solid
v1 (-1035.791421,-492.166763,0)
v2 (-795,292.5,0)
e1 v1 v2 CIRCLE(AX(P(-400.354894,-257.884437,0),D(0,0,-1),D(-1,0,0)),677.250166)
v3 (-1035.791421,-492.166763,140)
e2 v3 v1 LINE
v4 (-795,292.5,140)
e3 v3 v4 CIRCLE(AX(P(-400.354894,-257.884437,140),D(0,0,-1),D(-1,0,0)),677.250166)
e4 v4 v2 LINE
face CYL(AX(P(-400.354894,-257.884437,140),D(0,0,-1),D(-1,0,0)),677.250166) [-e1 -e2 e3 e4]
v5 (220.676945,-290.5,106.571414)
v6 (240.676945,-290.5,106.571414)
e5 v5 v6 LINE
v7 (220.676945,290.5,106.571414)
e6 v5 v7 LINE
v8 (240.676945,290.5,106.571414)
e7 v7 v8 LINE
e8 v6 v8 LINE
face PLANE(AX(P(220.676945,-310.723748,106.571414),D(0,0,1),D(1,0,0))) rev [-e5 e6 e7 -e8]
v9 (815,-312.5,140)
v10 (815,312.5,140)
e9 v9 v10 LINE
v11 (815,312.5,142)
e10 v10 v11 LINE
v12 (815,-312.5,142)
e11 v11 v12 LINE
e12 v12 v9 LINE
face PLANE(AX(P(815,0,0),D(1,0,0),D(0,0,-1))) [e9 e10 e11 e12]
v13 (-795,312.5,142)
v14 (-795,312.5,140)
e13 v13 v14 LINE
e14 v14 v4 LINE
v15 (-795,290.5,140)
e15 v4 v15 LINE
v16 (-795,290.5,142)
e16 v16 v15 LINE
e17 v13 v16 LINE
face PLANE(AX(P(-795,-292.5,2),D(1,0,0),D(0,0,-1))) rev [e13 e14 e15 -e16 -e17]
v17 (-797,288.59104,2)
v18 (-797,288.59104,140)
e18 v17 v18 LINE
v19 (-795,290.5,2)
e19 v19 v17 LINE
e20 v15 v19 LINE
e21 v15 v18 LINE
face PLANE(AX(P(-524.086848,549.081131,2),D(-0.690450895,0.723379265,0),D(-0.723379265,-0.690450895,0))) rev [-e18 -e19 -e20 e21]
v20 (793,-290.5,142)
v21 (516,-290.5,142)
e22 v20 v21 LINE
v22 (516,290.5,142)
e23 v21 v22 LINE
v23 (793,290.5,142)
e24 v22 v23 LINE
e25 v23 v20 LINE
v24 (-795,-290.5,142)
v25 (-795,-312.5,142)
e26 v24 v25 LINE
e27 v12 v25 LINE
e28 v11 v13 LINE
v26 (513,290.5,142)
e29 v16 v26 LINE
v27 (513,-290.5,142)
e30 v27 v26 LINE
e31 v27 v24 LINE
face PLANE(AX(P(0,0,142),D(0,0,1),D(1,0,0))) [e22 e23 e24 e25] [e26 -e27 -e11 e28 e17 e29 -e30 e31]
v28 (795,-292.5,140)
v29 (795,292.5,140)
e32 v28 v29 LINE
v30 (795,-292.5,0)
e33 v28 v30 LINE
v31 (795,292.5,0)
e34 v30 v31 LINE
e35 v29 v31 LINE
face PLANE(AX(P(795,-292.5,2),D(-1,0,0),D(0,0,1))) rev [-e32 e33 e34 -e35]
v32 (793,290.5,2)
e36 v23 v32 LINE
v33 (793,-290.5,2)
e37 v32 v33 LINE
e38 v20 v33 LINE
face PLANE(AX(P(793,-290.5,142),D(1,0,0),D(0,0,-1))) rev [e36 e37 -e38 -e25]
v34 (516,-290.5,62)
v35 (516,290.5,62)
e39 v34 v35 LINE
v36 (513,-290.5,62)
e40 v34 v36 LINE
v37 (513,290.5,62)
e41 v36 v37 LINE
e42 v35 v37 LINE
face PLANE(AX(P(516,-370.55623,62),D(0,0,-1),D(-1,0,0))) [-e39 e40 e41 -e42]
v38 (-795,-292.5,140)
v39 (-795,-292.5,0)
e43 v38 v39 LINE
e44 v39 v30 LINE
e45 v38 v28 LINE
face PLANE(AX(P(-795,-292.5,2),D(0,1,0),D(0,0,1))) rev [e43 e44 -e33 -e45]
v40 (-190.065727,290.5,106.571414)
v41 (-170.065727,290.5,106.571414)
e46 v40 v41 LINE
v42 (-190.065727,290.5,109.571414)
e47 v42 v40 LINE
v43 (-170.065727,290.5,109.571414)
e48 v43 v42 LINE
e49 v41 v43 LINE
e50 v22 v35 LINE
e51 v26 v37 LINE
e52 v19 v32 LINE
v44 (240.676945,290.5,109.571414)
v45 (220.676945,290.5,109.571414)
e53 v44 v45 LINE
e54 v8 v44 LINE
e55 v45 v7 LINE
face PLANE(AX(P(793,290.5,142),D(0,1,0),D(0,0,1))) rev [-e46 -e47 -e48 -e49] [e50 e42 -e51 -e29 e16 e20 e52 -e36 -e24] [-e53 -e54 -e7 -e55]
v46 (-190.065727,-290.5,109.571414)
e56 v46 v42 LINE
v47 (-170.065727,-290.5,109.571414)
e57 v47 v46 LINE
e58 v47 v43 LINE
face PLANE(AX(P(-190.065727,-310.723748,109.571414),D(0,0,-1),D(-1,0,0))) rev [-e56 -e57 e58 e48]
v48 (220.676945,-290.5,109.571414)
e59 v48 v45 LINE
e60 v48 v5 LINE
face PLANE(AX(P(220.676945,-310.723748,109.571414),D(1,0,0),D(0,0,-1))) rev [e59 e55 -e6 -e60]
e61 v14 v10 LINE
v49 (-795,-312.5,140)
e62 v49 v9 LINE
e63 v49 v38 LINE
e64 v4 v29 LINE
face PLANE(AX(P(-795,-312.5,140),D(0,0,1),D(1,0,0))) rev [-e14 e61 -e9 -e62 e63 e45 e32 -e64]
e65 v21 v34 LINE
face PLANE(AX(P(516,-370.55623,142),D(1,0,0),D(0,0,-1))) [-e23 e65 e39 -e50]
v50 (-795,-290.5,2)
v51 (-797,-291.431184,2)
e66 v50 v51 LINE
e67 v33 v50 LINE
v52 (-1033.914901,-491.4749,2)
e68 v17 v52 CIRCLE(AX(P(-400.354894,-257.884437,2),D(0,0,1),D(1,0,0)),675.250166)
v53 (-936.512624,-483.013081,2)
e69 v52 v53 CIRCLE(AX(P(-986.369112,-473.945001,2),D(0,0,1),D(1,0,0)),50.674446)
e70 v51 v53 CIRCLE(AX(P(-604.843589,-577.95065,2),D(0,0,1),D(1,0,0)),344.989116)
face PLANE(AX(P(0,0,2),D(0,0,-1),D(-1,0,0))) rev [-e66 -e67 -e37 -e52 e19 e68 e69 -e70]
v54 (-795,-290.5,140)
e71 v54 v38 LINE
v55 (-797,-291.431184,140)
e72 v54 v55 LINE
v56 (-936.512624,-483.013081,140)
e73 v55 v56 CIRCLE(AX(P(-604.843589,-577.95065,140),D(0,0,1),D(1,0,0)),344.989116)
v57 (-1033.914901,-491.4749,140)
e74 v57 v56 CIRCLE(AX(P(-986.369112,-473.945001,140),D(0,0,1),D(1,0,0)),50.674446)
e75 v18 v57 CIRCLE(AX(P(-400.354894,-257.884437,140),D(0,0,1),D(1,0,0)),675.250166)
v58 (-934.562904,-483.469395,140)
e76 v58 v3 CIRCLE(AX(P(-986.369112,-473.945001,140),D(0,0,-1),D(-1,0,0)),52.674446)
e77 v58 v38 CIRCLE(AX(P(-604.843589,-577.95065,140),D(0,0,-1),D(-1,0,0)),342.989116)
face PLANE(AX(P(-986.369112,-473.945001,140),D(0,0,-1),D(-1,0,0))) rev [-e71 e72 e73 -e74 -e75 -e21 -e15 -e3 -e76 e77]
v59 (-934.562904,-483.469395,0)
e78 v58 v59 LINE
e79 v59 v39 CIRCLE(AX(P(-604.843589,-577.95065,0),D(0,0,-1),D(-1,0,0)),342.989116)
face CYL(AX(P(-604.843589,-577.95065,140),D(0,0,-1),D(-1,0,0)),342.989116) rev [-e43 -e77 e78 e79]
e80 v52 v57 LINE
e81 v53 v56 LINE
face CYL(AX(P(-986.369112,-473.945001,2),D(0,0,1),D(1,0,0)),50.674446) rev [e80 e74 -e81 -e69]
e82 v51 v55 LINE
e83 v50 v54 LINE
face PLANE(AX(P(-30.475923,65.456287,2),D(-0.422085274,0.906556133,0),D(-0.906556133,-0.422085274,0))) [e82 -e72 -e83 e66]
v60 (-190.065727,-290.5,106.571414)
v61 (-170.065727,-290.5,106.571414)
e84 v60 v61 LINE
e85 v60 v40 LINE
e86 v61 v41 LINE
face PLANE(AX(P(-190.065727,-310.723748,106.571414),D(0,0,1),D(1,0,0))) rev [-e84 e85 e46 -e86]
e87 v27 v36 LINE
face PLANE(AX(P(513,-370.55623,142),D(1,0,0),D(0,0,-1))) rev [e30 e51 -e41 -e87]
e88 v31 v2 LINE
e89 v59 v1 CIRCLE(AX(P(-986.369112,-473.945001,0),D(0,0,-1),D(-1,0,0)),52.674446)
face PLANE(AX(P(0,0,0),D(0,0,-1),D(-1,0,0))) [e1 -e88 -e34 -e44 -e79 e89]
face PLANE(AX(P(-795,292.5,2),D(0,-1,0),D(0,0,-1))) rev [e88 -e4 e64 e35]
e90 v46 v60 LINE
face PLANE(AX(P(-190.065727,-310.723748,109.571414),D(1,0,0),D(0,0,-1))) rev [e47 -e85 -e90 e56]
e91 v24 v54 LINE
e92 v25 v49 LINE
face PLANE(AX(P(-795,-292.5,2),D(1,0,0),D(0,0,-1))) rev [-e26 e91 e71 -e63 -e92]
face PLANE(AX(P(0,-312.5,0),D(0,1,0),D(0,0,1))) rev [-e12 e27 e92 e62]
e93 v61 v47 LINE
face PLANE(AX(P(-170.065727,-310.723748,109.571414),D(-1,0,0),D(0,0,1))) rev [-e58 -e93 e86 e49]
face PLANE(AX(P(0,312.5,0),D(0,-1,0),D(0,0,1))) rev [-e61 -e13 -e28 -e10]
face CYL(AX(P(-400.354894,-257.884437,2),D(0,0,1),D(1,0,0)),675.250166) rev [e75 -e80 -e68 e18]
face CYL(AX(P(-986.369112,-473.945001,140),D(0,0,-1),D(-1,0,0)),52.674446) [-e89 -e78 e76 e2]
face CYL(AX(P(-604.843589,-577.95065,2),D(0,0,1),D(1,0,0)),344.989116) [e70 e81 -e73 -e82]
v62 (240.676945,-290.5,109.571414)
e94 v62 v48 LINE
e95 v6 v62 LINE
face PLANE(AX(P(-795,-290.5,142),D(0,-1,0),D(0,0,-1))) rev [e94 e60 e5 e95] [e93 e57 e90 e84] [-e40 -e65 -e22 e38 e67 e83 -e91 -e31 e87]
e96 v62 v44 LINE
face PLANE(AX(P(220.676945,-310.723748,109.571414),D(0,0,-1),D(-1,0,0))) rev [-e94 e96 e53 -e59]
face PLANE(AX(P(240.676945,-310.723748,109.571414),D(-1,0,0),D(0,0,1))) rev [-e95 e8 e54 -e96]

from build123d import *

# Parameters (mm, degrees)
SKETCH_1_W          = 1590
SKETCH_1_H          = 585
EXTRUDE_1_DEPTH     = 2
EXTRUDE_2_DEPTH     = 140
SKETCH_3_W          = 1590
SKETCH_3_H          = 2
EXTRUDE_3_DEPTH     = 20
EXTRUDE_4_DEPTH     = 20
EXTRUDE_5_DEPTH     = 140
CUT_EXTRUDE_1_DEPTH = 138
SKETCH_8_W          = 20
SKETCH_8_H          = 3
EXTRUDE_6_DEPTH     = 581
SKETCH_9_W          = 3
SKETCH_9_H          = 80
EXTRUDE_7_DEPTH     = 581


with BuildPart() as part:
    # 草图1 → 凸台-拉伸1 (new body)
    with BuildSketch(Plane.XY):
        Rectangle(SKETCH_1_W, SKETCH_1_H)
    extrude(amount=EXTRUDE_1_DEPTH)

    # 草图2 → 凸台-拉伸2 (add)
    with BuildSketch(Plane.XY.offset(2)):
        Polygon((-795, -290.5), (793, -290.5), (793, 290.5), (-795, 290.5), (-795, 292.5), (795, 292.5), (795, -292.5), (-795, -292.5), align=None)
    extrude(amount=EXTRUDE_2_DEPTH)

    # 草图3 → 凸台-拉伸3 (add)
    with BuildSketch(Plane.XZ.offset(292.5)):
        with Locations((0, 141)):
            Rectangle(SKETCH_3_W, SKETCH_3_H)
    extrude_3 = extrude(amount=EXTRUDE_3_DEPTH)

    # 镜向1: 凸台-拉伸3 across plane
    add(extrude_3.mirror(Plane.ZX))

    # 草图4 → 凸台-拉伸4 (add)
    with BuildSketch(Plane(origin=(795, 0, 0), x_dir=(0, 0, -1), z_dir=(1, 0, 0))):
        Polygon((-140, 292.5), (-140, -292.5), (-140, -312.5), (-142, -312.5), (-142, 312.5), (-140, 312.5), align=None)
    extrude(amount=EXTRUDE_4_DEPTH)

    # 草图5 → 凸台-拉伸5 (add)
    with BuildSketch(Plane(origin=(0, 0, 0), x_dir=(-1, 0, 0), z_dir=(0, 0, -1))):
        with BuildLine():
            Line((795, 292.5), (795, -292.5))
            ThreePointArc((795, -292.5), (881.764191445, -375.573491887), (934.56290386, -483.469395139))
            ThreePointArc((934.56290386, -483.469395139), (981.860032363, -526.426096766), (1035.791420617, -492.166763143))
            ThreePointArc((1035.791420617, -492.166763143), (1047.805683522, -59.200609736), (795, 292.5))
        make_face()
    extrude(amount=-EXTRUDE_5_DEPTH)

    # 草图6 → 切除-拉伸1 (cut)
    with BuildSketch(Plane.XY.offset(140)):
        with BuildLine():
            Line((-797, -291.43118398), (-795, -290.5))
            Line((-795, -290.5), (-795, 290.5))
            Line((-795, 290.5), (-797, 288.591040402))
            ThreePointArc((-797, 288.591040402), (-1046.463523913, -61.653894645), (-1033.91490125, -491.474899668))
            ThreePointArc((-1033.91490125, -491.474899668), (-981.983290729, -524.429295604), (-936.512623715, -483.013081096))
            ThreePointArc((-936.512623715, -483.013081096), (-883.723814588, -374.866159142), (-797, -291.43118398))
        make_face()
    extrude(amount=-CUT_EXTRUDE_1_DEPTH, mode=Mode.SUBTRACT)

    # 草图8 → 凸台-拉伸6 (add)
    with BuildSketch(Plane.XZ.offset(-290.5)):
        with Locations((-180.065727279, 108.071414122)):
            Rectangle(SKETCH_8_W, SKETCH_8_H)
        with Locations((230.676945024, 108.071414122)):
            Rectangle(SKETCH_8_W, SKETCH_8_H)
    extrude(amount=EXTRUDE_6_DEPTH)

    # 草图9 → 凸台-拉伸7 (add)
    with BuildSketch(Plane.XZ.offset(-290.5)):
        with Locations((514.5, 102)):
            Rectangle(SKETCH_9_W, SKETCH_9_H)
    extrude(amount=EXTRUDE_7_DEPTH)


solid = part.part
